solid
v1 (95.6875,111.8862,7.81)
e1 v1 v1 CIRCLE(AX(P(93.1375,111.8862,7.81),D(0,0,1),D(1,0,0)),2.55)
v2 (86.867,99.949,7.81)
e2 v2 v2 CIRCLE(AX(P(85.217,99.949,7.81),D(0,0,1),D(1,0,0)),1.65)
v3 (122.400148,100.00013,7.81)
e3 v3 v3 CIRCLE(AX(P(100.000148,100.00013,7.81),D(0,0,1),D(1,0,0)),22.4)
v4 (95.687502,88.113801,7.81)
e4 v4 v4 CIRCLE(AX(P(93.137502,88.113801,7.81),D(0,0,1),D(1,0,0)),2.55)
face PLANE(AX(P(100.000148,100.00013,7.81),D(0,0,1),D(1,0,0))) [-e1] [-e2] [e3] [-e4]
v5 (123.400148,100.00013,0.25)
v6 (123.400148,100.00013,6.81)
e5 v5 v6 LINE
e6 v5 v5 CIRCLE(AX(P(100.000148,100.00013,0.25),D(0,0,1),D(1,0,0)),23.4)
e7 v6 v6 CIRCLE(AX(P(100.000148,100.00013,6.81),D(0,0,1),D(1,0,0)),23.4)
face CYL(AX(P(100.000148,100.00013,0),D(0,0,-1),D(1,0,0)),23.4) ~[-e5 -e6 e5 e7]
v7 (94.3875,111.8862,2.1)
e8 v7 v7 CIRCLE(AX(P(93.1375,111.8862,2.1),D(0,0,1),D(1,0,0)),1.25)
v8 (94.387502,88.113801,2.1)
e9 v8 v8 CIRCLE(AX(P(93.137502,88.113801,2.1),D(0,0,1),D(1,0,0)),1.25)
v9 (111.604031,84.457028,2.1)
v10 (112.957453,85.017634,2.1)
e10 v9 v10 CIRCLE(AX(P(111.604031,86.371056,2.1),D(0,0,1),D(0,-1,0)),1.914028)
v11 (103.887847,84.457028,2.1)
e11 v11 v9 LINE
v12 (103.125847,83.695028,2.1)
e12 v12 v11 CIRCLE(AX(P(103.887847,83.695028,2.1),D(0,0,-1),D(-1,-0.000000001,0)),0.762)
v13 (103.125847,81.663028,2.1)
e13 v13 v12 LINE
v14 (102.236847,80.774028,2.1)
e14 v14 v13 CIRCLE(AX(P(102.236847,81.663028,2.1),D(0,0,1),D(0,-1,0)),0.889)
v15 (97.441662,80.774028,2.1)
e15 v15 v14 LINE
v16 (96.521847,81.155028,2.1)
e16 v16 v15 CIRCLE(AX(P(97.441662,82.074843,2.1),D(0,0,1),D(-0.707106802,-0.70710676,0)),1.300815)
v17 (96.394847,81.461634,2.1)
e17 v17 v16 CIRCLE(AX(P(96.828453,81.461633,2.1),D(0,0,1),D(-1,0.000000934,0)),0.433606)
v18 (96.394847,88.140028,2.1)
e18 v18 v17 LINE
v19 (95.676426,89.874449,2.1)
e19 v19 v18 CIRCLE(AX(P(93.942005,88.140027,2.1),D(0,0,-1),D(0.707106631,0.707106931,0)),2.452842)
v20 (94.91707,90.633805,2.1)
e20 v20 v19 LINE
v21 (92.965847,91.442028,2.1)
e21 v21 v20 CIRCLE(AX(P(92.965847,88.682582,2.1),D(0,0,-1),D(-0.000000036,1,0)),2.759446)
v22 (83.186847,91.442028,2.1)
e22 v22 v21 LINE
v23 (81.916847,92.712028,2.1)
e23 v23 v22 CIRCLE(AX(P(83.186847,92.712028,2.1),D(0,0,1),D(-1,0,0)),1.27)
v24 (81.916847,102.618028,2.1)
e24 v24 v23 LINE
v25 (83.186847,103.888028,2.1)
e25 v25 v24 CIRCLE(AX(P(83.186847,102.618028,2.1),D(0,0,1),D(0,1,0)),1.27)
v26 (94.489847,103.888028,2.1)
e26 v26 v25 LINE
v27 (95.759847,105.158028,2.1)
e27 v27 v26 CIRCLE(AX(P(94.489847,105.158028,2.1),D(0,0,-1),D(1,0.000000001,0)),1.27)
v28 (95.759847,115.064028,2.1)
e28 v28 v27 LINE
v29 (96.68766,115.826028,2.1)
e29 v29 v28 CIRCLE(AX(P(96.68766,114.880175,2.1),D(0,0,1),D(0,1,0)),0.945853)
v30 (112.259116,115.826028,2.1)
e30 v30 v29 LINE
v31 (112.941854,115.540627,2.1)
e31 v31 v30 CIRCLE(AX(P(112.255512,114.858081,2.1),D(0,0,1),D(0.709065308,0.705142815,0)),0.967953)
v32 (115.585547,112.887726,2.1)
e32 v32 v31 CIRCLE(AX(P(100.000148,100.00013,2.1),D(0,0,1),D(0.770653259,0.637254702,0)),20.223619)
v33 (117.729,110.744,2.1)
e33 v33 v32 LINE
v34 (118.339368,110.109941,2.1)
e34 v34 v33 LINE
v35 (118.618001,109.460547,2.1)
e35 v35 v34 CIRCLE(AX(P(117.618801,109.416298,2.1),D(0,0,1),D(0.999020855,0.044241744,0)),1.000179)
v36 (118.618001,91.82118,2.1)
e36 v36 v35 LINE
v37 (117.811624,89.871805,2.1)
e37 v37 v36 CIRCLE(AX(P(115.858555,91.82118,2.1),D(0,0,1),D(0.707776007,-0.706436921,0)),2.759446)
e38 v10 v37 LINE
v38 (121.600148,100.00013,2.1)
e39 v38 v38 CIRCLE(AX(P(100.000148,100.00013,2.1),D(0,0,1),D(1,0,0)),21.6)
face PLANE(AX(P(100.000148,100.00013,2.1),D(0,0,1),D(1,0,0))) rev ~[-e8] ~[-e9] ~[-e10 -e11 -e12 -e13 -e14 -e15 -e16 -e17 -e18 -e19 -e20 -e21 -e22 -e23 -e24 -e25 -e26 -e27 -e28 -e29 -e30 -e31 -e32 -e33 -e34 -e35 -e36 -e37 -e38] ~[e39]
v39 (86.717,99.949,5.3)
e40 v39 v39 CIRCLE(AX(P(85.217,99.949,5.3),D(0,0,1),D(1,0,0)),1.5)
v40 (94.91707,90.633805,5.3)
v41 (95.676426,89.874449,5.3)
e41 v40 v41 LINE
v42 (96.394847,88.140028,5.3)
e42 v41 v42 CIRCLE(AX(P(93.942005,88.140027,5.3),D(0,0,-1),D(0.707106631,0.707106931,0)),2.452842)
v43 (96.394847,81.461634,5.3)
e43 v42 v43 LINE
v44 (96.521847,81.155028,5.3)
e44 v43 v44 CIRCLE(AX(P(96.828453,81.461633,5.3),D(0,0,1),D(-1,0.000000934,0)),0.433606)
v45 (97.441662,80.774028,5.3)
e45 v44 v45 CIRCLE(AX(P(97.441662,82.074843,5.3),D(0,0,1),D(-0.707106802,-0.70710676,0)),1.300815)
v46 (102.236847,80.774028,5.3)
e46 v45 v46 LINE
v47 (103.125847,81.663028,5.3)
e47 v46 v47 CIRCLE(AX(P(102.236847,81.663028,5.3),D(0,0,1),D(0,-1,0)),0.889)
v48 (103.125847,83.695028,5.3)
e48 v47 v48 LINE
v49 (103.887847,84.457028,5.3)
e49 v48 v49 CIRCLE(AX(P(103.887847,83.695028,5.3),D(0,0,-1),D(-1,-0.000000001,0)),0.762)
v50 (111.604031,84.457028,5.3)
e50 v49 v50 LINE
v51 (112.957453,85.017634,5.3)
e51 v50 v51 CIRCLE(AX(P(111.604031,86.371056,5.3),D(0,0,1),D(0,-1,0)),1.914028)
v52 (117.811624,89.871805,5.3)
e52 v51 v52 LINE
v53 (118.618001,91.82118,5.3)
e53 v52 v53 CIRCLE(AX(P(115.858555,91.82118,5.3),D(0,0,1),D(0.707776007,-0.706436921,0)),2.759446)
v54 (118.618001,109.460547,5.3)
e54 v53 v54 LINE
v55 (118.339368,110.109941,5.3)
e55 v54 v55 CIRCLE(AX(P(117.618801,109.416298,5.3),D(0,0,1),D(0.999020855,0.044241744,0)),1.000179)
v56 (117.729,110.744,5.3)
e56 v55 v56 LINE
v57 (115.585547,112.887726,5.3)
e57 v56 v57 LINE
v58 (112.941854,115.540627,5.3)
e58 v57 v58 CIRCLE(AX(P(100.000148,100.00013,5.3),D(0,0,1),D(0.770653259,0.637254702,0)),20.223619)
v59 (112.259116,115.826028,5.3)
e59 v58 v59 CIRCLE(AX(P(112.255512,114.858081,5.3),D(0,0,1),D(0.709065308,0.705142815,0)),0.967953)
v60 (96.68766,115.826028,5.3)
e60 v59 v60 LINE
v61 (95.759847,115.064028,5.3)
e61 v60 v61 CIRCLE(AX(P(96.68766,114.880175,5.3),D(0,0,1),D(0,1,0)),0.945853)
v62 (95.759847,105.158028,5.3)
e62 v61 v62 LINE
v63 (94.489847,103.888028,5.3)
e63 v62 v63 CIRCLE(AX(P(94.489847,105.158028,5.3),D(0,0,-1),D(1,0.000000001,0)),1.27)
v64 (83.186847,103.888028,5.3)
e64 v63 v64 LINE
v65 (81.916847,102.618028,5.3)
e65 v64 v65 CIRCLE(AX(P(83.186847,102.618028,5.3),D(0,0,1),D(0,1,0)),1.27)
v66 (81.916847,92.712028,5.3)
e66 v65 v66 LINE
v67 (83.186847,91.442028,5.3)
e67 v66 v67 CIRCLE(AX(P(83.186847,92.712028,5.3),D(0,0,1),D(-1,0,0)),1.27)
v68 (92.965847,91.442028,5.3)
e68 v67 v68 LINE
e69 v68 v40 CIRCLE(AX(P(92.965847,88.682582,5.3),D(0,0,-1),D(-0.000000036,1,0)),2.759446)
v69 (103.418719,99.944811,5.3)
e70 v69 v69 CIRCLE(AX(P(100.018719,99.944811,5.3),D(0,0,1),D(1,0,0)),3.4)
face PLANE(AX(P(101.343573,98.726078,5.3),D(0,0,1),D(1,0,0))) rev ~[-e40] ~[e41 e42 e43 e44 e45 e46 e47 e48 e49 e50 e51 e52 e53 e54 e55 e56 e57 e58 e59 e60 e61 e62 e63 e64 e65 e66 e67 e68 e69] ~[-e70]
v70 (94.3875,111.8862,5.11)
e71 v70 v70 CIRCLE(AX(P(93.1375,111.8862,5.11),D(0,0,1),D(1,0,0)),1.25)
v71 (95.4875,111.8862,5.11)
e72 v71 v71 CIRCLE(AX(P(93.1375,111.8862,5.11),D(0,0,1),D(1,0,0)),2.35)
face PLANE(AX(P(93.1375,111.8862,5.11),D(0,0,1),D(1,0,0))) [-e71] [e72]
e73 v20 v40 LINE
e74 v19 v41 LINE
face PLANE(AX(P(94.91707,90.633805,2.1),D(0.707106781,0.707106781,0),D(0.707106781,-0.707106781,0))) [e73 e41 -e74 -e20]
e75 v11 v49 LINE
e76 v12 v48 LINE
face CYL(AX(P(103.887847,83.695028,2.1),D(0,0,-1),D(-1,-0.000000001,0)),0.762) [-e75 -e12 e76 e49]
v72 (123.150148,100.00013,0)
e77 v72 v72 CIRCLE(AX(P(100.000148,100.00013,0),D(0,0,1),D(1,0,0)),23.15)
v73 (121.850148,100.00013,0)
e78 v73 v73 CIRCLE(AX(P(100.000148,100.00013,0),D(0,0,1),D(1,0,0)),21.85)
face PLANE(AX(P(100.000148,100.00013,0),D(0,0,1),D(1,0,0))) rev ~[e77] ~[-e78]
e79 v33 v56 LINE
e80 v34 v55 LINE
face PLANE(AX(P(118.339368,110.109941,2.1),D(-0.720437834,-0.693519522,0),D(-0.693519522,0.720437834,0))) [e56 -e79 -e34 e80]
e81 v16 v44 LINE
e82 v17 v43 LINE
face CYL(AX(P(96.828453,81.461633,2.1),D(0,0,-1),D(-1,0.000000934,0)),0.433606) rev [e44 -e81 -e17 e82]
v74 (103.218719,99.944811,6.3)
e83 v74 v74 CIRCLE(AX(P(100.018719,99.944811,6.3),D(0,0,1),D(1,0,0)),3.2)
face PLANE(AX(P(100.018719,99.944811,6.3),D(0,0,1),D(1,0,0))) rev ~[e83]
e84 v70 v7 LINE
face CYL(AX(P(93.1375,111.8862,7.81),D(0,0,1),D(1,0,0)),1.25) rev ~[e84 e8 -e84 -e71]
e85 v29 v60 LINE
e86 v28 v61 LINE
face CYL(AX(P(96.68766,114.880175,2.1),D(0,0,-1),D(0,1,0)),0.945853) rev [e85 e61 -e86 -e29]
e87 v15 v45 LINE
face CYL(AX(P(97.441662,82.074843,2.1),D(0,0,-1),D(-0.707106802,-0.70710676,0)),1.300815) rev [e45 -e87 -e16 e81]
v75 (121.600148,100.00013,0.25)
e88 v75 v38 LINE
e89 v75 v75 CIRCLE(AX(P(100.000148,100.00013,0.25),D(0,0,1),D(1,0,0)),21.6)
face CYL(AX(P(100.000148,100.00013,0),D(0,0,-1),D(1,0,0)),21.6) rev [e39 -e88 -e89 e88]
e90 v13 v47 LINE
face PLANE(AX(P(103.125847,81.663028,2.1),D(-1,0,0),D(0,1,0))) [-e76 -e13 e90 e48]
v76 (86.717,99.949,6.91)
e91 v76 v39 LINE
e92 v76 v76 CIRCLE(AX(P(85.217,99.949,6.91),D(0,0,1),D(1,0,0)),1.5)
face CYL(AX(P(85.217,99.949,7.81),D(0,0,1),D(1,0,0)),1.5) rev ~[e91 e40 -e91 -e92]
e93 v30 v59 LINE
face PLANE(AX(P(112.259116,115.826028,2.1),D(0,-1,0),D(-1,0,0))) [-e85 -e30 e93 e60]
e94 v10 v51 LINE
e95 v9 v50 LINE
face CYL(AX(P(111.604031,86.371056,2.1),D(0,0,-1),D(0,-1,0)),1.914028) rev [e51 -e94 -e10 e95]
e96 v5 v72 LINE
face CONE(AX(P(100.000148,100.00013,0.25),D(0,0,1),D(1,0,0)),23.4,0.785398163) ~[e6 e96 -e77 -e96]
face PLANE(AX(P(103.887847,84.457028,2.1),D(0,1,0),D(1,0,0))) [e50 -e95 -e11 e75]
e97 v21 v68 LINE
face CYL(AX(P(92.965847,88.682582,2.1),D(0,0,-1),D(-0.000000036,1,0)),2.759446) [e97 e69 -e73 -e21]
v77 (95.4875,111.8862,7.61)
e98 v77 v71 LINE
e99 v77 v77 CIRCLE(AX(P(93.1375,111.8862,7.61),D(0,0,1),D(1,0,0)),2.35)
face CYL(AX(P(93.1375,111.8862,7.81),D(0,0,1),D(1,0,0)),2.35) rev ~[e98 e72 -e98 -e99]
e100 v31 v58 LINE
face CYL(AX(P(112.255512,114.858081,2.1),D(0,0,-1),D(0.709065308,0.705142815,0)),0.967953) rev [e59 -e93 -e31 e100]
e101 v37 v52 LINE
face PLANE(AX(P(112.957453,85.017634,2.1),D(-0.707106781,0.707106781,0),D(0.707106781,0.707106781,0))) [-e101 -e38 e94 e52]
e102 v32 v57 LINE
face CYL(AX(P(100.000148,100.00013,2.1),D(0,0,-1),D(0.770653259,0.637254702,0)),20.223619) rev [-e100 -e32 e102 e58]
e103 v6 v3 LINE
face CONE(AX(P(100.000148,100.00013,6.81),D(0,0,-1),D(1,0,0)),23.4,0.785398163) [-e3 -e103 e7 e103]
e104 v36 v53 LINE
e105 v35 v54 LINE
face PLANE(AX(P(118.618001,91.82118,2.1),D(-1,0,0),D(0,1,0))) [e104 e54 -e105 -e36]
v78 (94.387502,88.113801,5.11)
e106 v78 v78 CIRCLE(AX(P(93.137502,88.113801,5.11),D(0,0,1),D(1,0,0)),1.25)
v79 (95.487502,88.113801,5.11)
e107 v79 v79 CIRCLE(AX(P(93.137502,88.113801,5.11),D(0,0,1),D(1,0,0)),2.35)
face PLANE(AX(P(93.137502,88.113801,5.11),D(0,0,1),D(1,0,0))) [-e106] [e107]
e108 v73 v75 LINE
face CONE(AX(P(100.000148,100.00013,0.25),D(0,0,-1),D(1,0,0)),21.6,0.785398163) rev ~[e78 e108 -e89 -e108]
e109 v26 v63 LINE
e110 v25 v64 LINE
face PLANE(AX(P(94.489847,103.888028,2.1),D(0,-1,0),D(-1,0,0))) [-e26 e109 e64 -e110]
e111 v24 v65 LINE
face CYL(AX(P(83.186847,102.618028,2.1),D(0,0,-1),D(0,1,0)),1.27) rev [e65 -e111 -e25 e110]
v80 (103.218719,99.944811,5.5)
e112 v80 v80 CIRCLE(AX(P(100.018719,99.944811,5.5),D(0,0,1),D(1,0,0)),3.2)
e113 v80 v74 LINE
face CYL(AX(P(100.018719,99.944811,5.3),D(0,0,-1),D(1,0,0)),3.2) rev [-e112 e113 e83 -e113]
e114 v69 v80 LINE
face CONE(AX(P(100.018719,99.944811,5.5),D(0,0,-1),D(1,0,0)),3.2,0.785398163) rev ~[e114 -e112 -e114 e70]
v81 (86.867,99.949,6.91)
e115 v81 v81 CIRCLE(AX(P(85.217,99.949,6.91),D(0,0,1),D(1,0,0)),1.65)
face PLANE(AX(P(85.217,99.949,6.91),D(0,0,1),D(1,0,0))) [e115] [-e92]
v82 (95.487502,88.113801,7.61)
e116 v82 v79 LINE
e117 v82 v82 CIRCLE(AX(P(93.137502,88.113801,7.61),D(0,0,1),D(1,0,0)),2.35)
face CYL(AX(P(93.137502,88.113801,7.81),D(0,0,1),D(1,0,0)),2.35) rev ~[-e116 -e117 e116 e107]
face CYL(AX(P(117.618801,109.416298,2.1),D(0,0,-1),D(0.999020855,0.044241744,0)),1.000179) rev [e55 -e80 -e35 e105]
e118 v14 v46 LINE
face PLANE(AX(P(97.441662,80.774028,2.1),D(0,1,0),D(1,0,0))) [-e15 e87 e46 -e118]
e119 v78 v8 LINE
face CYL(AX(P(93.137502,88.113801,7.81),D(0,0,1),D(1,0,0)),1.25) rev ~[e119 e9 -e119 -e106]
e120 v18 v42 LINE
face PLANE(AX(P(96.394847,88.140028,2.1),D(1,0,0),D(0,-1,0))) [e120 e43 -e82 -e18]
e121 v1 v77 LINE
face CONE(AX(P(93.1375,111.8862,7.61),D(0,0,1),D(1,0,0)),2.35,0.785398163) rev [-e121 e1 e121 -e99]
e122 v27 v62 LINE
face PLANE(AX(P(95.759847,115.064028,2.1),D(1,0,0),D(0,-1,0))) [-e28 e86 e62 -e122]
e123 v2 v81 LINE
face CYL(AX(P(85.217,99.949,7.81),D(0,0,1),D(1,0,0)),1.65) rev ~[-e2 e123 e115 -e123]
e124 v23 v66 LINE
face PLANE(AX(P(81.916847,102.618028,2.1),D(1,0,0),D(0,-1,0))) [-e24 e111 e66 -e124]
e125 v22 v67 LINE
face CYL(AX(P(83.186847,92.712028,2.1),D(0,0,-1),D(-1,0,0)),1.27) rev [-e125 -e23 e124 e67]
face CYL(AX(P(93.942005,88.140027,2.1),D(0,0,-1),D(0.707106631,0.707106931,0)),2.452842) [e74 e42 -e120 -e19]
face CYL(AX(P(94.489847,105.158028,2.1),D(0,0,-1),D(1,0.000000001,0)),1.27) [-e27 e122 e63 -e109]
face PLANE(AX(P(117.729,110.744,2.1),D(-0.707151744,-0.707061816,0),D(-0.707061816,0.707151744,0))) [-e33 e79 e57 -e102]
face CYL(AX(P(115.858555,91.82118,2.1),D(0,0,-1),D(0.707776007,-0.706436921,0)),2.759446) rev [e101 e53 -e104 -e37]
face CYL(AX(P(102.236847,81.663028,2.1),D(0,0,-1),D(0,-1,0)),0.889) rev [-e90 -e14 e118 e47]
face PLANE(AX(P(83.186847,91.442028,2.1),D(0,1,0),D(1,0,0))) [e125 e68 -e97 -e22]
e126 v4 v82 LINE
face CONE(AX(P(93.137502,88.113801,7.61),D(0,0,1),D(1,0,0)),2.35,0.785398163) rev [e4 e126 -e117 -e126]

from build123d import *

# Parameters (mm, degrees)
SKETCH_3_R          = 23.4
EXTRUDE_1_DEPTH     = 7.81
SKETCH_2_R          = 21.6
CUT_EXTRUDE_1_DEPTH = 2.1
CUT_EXTRUDE_START   = 2.1
CUT_EXTRUDE_2_DEPTH = 3.2
CUT_EXTRUDE_START_2 = 7.81
SKETCH_4_R          = 1.49999954
SKETCH_4_R_2        = 1.25000004
CUT_EXTRUDE_5_DEPTH = 8.81
SKETCH_5_R          = 1.65
CUT_EXTRUDE_6_DEPTH = 0.9
SKETCH_6_R          = 2.35
CUT_EXTRUDE_7_DEPTH = 2.7
CUT_EXTRUDE_START_3 = 5.3
SKETCH_7_R          = 3.2
CUT_EXTRUDE_8_DEPTH = 1
CHAMFER_1_SIZE      = 1
CHAMFER_2_SIZE      = 0.25
CHAMFER_3_SIZE      = 0.2


with BuildPart() as part:
    # 草图3 → 凸台-拉伸1 (new body)
    with BuildSketch(Plane.XY):
        with Locations((100.000148425, 100.000129687)):
            Circle(SKETCH_3_R)
    extrude(amount=EXTRUDE_1_DEPTH)

    # 草图2 → 切除-拉伸1 (cut)
    with BuildSketch(Plane.XY):
        with Locations((100.000148425, 100.000129687)):
            Circle(SKETCH_2_R)
    extrude(amount=CUT_EXTRUDE_1_DEPTH, mode=Mode.SUBTRACT)

    # 草图1 → 切除-拉伸2 (cut)
    with BuildSketch(Plane.XY.offset(CUT_EXTRUDE_START)):
        with BuildLine():
            Line((112.259115553, 115.826027875), (111.656637713, 115.826027875))
            Line((111.656637713, 115.826027875), (97.599477613, 115.826027875))
            Line((97.599477613, 115.826027875), (96.687659742, 115.826027875))
            ThreePointArc((96.687659742, 115.826027875), (96.087351408, 115.611111205), (95.759847053, 115.064027875))
            Line((95.759847053, 115.064027875), (95.759847053, 109.857027875))
            Line((95.759847053, 109.857027875), (95.759847053, 105.158027875))
            ThreePointArc((95.759847053, 105.158027875), (95.387872666, 104.260002263), (94.489847053, 103.888027875))
            Line((94.489847053, 103.888027875), (83.186847053, 103.888027875))
            ThreePointArc((83.186847053, 103.888027875), (82.288821441, 103.516053487), (81.916847053, 102.618027875))
            Line((81.916847053, 102.618027875), (81.916847053, 92.712027875))
            ThreePointArc((81.916847053, 92.712027875), (82.288821441, 91.814002263), (83.186847053, 91.442027875))
            Line((83.186847053, 91.442027875), (92.965847053, 91.442027875))
            ThreePointArc((92.965847053, 91.442027875), (94.021841281, 91.231977601), (94.917069973, 90.633804955))
            Line((94.917069973, 90.633804955), (95.676425833, 89.874449095))
            ThreePointArc((95.676425833, 89.874449095), (96.208135359, 89.078689918), (96.394847053, 88.140027875))
            Line((96.394847053, 88.140027875), (96.394847053, 81.461633815))
            ThreePointArc((96.394847053, 81.461633815), (96.427853197, 81.29569991), (96.521847053, 81.155027875))
            ThreePointArc((96.521847053, 81.155027875), (96.943861908, 80.87304655), (97.441662377, 80.774027875))
            Line((97.441662377, 80.774027875), (97.537847053, 80.774027875))
            Line((97.537847053, 80.774027875), (101.772425833, 80.774027875))
            Line((101.772425833, 80.774027875), (102.236847053, 80.774027875))
            ThreePointArc((102.236847053, 80.774027875), (102.865464982, 81.034409947), (103.125847053, 81.663027875))
            Line((103.125847053, 81.663027875), (103.125847053, 83.695027875))
            ThreePointArc((103.125847053, 83.695027875), (103.349031686, 84.233843243), (103.887847053, 84.457027875))
            Line((103.887847053, 84.457027875), (111.60403053, 84.457027875))
            ThreePointArc((111.60403053, 84.457027875), (112.336497489, 84.602724612), (112.957452993, 85.017633815))
            Line((112.957452993, 85.017633815), (117.811624454, 89.871805276))
            ThreePointArc((117.811624454, 89.871805276), (118.408450098, 90.766392606), (118.618000745, 91.821179725))
            Line((118.618000745, 91.821179725), (118.618000745, 108.839))
            Line((118.618000745, 108.839), (118.618000745, 109.460547459))
            ThreePointArc((118.618000745, 109.460547459), (118.537945969, 109.810671539), (118.33936792, 110.109941312))
            Line((118.33936792, 110.109941312), (117.729, 110.744000093))
            Line((117.729, 110.744000093), (115.585546543, 112.887726165))
            ThreePointArc((115.585546543, 112.887726165), (114.325244429, 114.275507158), (112.941853583, 115.540626625))
            ThreePointArc((112.941853583, 115.540626625), (112.628834267, 115.751145515), (112.259115553, 115.826027875))
        make_face()
    extrude(amount=CUT_EXTRUDE_2_DEPTH, mode=Mode.SUBTRACT)

    # 草图4 → 切除-拉伸5 (cut, through all)
    with BuildSketch(Plane.XY.offset(CUT_EXTRUDE_START_2)):
        with Locations((85.217, 99.949)):
            Circle(SKETCH_4_R)
        with Locations((93.13750232, 88.11380142)):
            Circle(SKETCH_4_R_2)
        with Locations((93.13749978, 111.8861999)):
            Circle(SKETCH_4_R_2)
    extrude(amount=-CUT_EXTRUDE_5_DEPTH, mode=Mode.SUBTRACT)

    # 草图5 → 切除-拉伸6 (cut)
    with BuildSketch(Plane.XY.offset(CUT_EXTRUDE_START_2)):
        with Locations((85.217, 99.949)):
            Circle(SKETCH_5_R)
    extrude(amount=-CUT_EXTRUDE_6_DEPTH, mode=Mode.SUBTRACT)

    # 草图6 → 切除-拉伸7 (cut)
    with BuildSketch(Plane.XY.offset(CUT_EXTRUDE_START_2)):
        with Locations((93.13749978, 111.8861999)):
            Circle(SKETCH_6_R)
        with Locations((93.13750232, 88.11380142)):
            Circle(SKETCH_6_R)
    extrude(amount=-CUT_EXTRUDE_7_DEPTH, mode=Mode.SUBTRACT)

    # 草图7 → 切除-拉伸8 (cut)
    with BuildSketch(Plane.XY.offset(CUT_EXTRUDE_START_3)):
        with Locations((100.018718989, 99.944811263)):
            Circle(SKETCH_7_R)
    extrude(amount=CUT_EXTRUDE_8_DEPTH, mode=Mode.SUBTRACT)

    # 倒角1
    chamfer_1_edges = [part.edges().sort_by_distance(p)[0] for p in [
        (76.600148425, 100.000129687, 7.81),
    ]]
    chamfer(chamfer_1_edges, length=CHAMFER_1_SIZE)

    # 倒角2
    chamfer_2_edges = [part.edges().sort_by_distance(p)[0] for p in [
        (76.600148425, 100.000129687, 0),
        (78.400148425, 100.000129687, 0),
    ]]
    chamfer(chamfer_2_edges, length=CHAMFER_2_SIZE)

    # 倒角3
    chamfer_3_edges = [part.edges().sort_by_distance(p)[0] for p in [
        (90.78749978, 111.8861999, 7.81),
        (90.78750232, 88.11380142, 7.81),
        (96.818718989, 99.944811263, 5.3),
    ]]
    chamfer(chamfer_3_edges, length=CHAMFER_3_SIZE)


solid = part.part
